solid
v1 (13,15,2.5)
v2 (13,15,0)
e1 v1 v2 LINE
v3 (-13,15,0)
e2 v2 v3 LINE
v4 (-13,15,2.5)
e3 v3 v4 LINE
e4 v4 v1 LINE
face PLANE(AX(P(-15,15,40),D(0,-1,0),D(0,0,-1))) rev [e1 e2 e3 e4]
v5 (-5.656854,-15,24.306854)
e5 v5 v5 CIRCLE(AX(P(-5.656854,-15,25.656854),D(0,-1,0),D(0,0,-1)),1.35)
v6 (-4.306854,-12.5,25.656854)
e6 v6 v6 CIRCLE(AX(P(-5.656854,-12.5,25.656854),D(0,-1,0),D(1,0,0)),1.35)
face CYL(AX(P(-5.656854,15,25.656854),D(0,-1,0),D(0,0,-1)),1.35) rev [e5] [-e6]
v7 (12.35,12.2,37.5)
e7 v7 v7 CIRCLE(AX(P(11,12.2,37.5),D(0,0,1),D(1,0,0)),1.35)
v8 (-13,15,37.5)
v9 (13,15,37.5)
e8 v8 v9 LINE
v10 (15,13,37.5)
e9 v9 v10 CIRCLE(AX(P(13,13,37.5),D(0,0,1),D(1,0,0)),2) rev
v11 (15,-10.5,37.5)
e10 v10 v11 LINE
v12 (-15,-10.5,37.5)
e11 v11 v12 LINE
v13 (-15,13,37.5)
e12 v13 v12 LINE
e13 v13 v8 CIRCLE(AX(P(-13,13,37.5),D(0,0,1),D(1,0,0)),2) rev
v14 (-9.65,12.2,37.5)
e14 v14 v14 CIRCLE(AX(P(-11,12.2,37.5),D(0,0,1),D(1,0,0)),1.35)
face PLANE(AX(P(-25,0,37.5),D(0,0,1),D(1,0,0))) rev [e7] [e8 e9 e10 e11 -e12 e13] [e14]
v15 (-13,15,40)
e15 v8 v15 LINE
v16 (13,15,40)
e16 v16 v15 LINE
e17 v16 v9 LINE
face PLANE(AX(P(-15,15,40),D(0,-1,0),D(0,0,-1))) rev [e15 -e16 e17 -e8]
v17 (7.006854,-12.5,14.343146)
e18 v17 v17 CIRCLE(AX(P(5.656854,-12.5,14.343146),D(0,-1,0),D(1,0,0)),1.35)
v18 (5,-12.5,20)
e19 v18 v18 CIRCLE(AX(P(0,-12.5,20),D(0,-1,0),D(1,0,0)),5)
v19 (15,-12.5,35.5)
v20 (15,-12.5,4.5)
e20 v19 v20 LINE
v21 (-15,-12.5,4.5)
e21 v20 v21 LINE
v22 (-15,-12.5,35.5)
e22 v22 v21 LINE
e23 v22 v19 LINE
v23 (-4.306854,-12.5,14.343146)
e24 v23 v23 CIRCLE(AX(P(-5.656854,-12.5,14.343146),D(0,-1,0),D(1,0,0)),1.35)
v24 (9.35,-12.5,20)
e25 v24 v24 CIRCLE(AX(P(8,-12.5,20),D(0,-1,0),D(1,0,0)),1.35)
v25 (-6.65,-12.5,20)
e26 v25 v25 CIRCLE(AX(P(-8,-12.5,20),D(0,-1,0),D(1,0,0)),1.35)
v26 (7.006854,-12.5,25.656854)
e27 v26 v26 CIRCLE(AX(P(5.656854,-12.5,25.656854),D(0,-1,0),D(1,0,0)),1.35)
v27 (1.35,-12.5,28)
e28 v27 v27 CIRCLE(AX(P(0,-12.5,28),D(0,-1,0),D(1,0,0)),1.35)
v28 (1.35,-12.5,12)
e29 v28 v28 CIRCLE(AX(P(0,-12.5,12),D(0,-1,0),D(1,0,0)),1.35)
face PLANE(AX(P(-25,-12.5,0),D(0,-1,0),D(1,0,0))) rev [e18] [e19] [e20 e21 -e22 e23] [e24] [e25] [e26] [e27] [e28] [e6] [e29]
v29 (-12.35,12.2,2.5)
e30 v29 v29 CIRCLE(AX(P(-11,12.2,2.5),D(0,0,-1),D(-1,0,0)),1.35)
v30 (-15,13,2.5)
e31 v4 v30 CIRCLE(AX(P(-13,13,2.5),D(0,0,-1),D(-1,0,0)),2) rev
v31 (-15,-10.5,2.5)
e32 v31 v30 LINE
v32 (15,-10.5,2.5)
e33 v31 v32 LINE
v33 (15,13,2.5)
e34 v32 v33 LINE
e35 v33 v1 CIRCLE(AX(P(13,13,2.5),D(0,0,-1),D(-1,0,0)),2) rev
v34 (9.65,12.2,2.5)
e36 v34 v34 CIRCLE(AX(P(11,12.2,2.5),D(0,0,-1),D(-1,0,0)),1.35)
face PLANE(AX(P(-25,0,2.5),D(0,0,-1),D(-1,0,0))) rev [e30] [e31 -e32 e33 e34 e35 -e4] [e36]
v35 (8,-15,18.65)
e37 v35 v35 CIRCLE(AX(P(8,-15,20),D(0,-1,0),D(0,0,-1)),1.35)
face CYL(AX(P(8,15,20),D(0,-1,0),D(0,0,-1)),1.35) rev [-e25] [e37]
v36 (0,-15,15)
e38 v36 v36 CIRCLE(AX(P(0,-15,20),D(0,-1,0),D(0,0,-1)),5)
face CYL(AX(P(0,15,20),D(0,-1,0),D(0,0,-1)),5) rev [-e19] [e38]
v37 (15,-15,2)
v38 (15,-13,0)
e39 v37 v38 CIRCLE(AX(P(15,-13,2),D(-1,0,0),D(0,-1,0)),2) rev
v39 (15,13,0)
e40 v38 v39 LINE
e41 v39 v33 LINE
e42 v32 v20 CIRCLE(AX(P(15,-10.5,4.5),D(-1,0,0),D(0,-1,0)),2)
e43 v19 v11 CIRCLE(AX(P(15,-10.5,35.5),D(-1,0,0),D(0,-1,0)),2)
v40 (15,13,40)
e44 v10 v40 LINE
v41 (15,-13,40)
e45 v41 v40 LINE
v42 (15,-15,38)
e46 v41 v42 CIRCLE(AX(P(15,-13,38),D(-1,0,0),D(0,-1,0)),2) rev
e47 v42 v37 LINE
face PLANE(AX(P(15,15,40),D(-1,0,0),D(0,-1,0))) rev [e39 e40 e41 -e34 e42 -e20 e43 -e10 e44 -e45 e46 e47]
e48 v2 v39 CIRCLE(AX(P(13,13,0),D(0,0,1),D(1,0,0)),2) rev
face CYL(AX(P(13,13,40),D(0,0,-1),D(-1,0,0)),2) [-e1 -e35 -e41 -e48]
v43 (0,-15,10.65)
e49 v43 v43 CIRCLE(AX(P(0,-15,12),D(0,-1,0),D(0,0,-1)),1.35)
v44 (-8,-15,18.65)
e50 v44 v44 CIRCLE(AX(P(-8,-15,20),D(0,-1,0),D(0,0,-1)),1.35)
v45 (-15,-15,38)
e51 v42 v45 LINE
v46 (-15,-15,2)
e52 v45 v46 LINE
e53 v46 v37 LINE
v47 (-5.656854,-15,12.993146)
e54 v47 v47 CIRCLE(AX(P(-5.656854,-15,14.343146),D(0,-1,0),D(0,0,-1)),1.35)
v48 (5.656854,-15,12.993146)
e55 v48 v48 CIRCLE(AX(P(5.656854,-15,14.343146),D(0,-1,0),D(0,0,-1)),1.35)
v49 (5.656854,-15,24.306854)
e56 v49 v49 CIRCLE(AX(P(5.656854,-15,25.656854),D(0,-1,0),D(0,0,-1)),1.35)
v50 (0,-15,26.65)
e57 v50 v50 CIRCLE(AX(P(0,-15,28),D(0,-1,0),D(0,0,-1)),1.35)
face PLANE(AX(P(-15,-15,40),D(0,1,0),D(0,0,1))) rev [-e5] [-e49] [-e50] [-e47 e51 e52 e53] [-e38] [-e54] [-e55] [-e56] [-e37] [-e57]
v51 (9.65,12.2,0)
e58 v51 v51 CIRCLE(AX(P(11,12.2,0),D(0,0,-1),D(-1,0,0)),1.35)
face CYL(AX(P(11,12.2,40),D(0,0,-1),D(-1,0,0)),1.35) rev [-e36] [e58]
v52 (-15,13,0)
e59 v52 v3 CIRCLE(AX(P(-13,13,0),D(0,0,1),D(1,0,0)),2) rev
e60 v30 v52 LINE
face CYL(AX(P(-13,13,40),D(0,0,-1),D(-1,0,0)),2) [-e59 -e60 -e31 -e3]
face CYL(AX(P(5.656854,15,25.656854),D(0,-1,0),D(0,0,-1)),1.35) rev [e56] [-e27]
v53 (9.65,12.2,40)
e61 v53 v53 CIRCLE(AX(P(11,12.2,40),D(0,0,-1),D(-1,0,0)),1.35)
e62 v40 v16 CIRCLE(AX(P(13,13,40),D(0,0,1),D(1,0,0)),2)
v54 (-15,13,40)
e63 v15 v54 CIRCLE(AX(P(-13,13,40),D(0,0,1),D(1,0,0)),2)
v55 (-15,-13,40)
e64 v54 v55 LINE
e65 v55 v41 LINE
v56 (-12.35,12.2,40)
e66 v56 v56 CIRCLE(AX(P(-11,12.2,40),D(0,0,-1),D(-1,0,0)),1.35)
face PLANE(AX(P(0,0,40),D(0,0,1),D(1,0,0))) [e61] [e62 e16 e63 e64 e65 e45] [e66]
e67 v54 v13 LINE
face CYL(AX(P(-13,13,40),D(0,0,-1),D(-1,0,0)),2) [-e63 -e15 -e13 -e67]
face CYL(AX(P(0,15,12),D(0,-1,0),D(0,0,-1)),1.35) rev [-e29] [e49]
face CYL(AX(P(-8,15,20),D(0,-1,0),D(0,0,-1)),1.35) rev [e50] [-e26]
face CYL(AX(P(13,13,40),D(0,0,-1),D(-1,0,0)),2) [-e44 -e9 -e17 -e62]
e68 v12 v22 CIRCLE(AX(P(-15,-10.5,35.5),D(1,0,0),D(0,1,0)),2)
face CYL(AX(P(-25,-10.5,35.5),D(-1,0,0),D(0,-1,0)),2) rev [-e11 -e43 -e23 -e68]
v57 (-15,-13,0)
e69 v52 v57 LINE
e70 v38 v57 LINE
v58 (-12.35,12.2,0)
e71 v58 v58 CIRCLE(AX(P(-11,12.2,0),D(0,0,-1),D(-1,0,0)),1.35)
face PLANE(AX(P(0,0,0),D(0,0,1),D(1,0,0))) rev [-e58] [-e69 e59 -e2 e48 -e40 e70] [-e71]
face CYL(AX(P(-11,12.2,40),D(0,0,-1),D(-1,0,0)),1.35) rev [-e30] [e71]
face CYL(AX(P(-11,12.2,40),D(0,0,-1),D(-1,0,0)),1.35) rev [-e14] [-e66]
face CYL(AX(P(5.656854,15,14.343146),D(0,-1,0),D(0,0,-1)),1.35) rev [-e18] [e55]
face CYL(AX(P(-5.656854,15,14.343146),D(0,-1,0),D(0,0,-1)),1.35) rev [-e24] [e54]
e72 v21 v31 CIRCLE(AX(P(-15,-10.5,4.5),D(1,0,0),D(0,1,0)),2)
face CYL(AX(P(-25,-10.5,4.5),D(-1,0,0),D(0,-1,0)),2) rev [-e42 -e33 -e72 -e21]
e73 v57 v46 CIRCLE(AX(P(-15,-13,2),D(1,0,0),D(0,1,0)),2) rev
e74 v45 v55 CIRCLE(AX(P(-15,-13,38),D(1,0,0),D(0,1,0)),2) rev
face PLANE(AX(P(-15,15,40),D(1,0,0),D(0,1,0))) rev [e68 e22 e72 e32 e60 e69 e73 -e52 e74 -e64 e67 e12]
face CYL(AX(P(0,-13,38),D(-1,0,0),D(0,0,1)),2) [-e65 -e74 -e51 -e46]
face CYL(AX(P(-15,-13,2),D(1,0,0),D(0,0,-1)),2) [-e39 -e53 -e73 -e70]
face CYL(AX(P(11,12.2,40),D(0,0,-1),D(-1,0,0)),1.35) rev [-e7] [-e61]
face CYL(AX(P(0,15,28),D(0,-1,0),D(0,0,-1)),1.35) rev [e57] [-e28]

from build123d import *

# Parameters (mm, degrees)
ESBO_O1_W                = 30
ESBO_O1_H                = 30
RESSALTO_EXTRUS_O1_DEPTH = 40
ESBO_O2_W                = 35
ESBO_O2_H                = 27.5
CORTE_EXTRUS_O1_DEPTH    = 40
FILETE1_R                = 2
FILETE2_R                = 2
ESBO_O4_R                = 5
CORTE_EXTRUS_O3_DEPTH    = 53.201532545
ESBO_O5_R                = 1.35
CORTE_EXTRUS_O5_DEPTH    = 53.201532545
ESBO_O7_R                = 1.35
CORTE_EXTRUS_O6_DEPTH    = 46.276925691


with BuildPart() as part:
    # Esboço1 → Ressalto-extrusão1 (new body)
    with BuildSketch(Plane.XY):
        Rectangle(ESBO_O1_W, ESBO_O1_H)
    extrude(amount=RESSALTO_EXTRUS_O1_DEPTH)

    # Esboço2 → Corte-extrusão1 (cut)
    with BuildSketch(Plane(origin=(15, 0, 0), x_dir=(0, 0, -1), z_dir=(1, 0, 0))):
        with Locations((-20, 1.25)):
            Rectangle(ESBO_O2_W, ESBO_O2_H)
    extrude(amount=-CORTE_EXTRUS_O1_DEPTH, mode=Mode.SUBTRACT)

    # Filete1
    filete1_edges = [part.edges().sort_by_distance(p)[0] for p in [
        (-15, 15, 1.25),
        (15, 15, 1.25),
        (-15, 15, 38.75),
        (15, 15, 38.75),
    ]]
    fillet(filete1_edges, radius=FILETE1_R)

    # Filete2
    filete2_edges = [part.edges().sort_by_distance(p)[0] for p in [
        (0, -15, 40),
        (0, -12.5, 2.5),
        (0, -12.5, 37.5),
        (0, -15, 0),
    ]]
    fillet(filete2_edges, radius=FILETE2_R)

    # Esboço4 → Corte-extrusão3 (cut, through all)
    with BuildSketch(Plane(origin=(0, -15, 0), x_dir=(-1, 0, 0), z_dir=(0, -1, 0))):
        with Locations(Location((0, -20, 0), (0, 0, 90))):
            Circle(ESBO_O4_R)
    extrude(amount=-CORTE_EXTRUS_O3_DEPTH, mode=Mode.SUBTRACT)

    # Esboço5 → Corte-extrusão5 (cut, through all)
    with BuildSketch(Plane(origin=(0, -15, 0), x_dir=(-1, 0, 0), z_dir=(0, -1, 0))):
        with Locations(Location((0, -28, 0), (0, 0, 90))):
            Circle(ESBO_O5_R)
        with Locations(Location((-5.656854249, -25.656854249, 0), (0, 0, 90))):
            Circle(ESBO_O5_R)
        with Locations(Location((-8, -20, 0), (0, 0, 90))):
            Circle(ESBO_O5_R)
        with Locations(Location((-5.656854251, -14.343145752, 0), (0, 0, 90))):
            Circle(ESBO_O5_R)
        with Locations(Location((0, -12, 0), (0, 0, 90))):
            Circle(ESBO_O5_R)
        with Locations(Location((5.656854251, -14.343145752, 0), (0, 0, 90))):
            Circle(ESBO_O5_R)
        with Locations(Location((8, -20, 0), (0, 0, 90))):
            Circle(ESBO_O5_R)
        with Locations(Location((5.656854249, -25.656854249, 0), (0, 0, 90))):
            Circle(ESBO_O5_R)
    extrude(amount=-CORTE_EXTRUS_O5_DEPTH, mode=Mode.SUBTRACT)

    # Esboço7 → Corte-extrusão6 (cut, through all)
    with BuildSketch(Plane(origin=(0, 0, 0), x_dir=(-1, 0, 0), z_dir=(0, 0, -1))):
        with Locations((-11, 12.2)):
            Circle(ESBO_O7_R)
        with Locations((11, 12.2)):
            Circle(ESBO_O7_R)
    extrude(amount=-CORTE_EXTRUS_O6_DEPTH, mode=Mode.SUBTRACT)


solid = part.part
